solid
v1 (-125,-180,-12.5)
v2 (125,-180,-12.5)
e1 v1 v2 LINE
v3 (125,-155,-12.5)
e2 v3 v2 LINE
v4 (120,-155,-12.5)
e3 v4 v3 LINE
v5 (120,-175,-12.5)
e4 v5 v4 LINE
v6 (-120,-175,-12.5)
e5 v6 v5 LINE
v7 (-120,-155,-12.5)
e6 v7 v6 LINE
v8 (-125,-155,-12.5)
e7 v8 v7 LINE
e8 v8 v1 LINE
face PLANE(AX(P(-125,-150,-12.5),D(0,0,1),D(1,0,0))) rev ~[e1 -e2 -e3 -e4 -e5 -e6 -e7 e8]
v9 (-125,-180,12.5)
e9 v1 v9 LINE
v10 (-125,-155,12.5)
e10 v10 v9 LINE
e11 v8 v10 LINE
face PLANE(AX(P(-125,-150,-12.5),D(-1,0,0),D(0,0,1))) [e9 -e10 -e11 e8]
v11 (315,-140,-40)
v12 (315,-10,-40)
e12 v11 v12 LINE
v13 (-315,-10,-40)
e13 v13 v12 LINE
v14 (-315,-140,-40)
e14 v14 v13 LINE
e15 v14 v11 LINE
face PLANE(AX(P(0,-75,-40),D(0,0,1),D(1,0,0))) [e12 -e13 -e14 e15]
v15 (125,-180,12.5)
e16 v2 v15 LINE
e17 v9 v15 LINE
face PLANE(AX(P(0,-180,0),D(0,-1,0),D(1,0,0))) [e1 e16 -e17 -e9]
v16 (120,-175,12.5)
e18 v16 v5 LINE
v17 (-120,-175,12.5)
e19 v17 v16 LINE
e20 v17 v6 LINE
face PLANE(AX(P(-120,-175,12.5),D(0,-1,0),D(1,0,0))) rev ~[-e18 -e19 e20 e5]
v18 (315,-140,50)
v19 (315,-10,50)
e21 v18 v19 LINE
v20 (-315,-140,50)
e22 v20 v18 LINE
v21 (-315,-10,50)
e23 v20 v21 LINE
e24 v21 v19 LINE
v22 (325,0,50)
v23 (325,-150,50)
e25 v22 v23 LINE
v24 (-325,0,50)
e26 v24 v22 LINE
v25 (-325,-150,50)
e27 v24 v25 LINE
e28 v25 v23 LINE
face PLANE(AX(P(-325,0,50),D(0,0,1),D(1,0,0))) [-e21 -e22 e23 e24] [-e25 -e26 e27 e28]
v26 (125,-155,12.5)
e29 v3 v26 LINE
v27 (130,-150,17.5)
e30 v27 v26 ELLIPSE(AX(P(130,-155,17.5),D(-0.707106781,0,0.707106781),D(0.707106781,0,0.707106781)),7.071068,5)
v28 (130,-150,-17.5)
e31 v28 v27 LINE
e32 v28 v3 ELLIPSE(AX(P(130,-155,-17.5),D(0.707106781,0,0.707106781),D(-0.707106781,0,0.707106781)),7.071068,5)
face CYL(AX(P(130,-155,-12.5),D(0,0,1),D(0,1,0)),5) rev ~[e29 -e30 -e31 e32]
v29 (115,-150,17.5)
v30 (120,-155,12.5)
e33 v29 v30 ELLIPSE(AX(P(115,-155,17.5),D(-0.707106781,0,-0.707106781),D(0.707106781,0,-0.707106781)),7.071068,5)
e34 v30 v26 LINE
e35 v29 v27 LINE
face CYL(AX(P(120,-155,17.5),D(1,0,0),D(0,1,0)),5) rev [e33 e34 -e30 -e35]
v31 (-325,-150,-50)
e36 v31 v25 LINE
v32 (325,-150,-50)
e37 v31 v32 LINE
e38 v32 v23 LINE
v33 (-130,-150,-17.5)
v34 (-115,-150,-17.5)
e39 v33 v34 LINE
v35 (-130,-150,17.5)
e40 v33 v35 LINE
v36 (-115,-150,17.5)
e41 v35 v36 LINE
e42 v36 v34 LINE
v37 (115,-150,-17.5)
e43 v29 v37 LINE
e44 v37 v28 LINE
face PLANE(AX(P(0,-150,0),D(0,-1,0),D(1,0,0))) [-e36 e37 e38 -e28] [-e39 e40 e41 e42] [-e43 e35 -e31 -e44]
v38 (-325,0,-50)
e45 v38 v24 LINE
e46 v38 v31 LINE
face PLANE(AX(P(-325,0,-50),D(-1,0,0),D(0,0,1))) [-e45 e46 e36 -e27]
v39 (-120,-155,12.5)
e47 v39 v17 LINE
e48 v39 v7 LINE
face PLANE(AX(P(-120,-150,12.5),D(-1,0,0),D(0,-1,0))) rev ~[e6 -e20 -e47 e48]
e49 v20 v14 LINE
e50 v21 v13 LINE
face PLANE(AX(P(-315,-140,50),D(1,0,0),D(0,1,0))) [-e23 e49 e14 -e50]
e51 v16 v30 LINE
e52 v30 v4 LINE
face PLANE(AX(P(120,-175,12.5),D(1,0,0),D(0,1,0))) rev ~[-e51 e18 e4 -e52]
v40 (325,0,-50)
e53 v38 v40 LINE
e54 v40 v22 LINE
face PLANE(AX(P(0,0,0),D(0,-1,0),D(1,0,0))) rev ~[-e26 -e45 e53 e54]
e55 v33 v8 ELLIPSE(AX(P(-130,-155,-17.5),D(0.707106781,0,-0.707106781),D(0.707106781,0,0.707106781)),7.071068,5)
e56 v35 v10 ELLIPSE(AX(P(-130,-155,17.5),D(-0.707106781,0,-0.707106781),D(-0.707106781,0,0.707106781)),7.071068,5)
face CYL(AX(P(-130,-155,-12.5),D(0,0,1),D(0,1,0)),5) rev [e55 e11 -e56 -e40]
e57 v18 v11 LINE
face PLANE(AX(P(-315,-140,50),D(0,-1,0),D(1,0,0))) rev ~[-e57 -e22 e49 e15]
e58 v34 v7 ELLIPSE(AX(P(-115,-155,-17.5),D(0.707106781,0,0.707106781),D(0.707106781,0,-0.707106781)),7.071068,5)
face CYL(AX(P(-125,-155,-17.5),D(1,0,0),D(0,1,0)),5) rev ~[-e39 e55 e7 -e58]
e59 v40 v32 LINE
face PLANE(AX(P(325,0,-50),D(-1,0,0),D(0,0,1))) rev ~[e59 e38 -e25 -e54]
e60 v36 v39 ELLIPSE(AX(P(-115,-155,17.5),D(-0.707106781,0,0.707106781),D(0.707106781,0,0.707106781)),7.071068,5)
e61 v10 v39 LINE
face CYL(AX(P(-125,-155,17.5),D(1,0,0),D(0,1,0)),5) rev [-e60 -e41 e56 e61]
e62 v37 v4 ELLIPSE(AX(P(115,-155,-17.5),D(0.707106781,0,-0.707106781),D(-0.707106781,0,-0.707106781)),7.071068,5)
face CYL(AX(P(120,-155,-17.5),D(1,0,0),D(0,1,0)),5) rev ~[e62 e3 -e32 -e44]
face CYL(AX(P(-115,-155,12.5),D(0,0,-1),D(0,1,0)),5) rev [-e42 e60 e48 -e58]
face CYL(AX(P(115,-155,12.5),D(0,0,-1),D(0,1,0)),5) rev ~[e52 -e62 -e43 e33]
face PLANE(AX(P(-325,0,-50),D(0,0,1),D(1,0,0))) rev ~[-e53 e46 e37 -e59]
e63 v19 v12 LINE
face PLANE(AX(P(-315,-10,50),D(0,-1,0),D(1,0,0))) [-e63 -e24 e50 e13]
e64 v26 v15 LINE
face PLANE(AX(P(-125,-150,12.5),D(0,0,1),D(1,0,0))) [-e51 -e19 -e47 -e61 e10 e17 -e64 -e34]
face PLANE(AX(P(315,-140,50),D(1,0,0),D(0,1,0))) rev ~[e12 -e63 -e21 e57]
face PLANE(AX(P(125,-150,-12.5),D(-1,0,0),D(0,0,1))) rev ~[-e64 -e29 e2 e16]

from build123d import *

# Parameters (mm, degrees)
F0_W     = 650
F0_H     = 100
F1_DEPTH = 150
F2_W     = 250
F2_H     = 25
F3_DEPTH = 30
F5_DEPTH = 25
F6_R     = 5
F7_W     = 630
F7_H     = 130
F8_DEPTH = 90


with BuildPart() as f1:
    # F0 (on Front) → F1 (new body)
    with BuildSketch(Plane.XZ):
        Rectangle(F0_W, F0_H)
    extrude(amount=F1_DEPTH)

    # F2 (on face) → F3 (join)
    with BuildSketch(Plane.XZ.offset(150)):
        Rectangle(F2_W, F2_H)
    extrude(amount=F3_DEPTH)

    # F4 (on face) → F5 (cut)
    with BuildSketch(Plane.XY.offset(12.5)):
        Polygon((-120, -175), (120, -175), (120, -155), (120, -150), (-120, -150), (-120, -155), align=None)
    extrude(amount=-F5_DEPTH, mode=Mode.SUBTRACT)

    # F6
    f6_edges = [f1.edges().sort_by_distance(p)[0] for p in [
        (125, -150, 0),
        (-125, -150, 0),
        (-122.5, -150, 12.5),
        (-122.5, -150, -12.5),
        (-120, -150, 0),
        (120, -150, 0),
        (122.5, -150, -12.5),
        (122.5, -150, 12.5),
    ]]
    fillet(f6_edges, radius=F6_R)

    # F7 (on face) → F8 (cut)
    with BuildSketch(Plane.XY.offset(50)):
        with Locations((0, -75)):
            Rectangle(F7_W, F7_H)
    extrude(amount=-F8_DEPTH, mode=Mode.SUBTRACT)


solid = f1.part
